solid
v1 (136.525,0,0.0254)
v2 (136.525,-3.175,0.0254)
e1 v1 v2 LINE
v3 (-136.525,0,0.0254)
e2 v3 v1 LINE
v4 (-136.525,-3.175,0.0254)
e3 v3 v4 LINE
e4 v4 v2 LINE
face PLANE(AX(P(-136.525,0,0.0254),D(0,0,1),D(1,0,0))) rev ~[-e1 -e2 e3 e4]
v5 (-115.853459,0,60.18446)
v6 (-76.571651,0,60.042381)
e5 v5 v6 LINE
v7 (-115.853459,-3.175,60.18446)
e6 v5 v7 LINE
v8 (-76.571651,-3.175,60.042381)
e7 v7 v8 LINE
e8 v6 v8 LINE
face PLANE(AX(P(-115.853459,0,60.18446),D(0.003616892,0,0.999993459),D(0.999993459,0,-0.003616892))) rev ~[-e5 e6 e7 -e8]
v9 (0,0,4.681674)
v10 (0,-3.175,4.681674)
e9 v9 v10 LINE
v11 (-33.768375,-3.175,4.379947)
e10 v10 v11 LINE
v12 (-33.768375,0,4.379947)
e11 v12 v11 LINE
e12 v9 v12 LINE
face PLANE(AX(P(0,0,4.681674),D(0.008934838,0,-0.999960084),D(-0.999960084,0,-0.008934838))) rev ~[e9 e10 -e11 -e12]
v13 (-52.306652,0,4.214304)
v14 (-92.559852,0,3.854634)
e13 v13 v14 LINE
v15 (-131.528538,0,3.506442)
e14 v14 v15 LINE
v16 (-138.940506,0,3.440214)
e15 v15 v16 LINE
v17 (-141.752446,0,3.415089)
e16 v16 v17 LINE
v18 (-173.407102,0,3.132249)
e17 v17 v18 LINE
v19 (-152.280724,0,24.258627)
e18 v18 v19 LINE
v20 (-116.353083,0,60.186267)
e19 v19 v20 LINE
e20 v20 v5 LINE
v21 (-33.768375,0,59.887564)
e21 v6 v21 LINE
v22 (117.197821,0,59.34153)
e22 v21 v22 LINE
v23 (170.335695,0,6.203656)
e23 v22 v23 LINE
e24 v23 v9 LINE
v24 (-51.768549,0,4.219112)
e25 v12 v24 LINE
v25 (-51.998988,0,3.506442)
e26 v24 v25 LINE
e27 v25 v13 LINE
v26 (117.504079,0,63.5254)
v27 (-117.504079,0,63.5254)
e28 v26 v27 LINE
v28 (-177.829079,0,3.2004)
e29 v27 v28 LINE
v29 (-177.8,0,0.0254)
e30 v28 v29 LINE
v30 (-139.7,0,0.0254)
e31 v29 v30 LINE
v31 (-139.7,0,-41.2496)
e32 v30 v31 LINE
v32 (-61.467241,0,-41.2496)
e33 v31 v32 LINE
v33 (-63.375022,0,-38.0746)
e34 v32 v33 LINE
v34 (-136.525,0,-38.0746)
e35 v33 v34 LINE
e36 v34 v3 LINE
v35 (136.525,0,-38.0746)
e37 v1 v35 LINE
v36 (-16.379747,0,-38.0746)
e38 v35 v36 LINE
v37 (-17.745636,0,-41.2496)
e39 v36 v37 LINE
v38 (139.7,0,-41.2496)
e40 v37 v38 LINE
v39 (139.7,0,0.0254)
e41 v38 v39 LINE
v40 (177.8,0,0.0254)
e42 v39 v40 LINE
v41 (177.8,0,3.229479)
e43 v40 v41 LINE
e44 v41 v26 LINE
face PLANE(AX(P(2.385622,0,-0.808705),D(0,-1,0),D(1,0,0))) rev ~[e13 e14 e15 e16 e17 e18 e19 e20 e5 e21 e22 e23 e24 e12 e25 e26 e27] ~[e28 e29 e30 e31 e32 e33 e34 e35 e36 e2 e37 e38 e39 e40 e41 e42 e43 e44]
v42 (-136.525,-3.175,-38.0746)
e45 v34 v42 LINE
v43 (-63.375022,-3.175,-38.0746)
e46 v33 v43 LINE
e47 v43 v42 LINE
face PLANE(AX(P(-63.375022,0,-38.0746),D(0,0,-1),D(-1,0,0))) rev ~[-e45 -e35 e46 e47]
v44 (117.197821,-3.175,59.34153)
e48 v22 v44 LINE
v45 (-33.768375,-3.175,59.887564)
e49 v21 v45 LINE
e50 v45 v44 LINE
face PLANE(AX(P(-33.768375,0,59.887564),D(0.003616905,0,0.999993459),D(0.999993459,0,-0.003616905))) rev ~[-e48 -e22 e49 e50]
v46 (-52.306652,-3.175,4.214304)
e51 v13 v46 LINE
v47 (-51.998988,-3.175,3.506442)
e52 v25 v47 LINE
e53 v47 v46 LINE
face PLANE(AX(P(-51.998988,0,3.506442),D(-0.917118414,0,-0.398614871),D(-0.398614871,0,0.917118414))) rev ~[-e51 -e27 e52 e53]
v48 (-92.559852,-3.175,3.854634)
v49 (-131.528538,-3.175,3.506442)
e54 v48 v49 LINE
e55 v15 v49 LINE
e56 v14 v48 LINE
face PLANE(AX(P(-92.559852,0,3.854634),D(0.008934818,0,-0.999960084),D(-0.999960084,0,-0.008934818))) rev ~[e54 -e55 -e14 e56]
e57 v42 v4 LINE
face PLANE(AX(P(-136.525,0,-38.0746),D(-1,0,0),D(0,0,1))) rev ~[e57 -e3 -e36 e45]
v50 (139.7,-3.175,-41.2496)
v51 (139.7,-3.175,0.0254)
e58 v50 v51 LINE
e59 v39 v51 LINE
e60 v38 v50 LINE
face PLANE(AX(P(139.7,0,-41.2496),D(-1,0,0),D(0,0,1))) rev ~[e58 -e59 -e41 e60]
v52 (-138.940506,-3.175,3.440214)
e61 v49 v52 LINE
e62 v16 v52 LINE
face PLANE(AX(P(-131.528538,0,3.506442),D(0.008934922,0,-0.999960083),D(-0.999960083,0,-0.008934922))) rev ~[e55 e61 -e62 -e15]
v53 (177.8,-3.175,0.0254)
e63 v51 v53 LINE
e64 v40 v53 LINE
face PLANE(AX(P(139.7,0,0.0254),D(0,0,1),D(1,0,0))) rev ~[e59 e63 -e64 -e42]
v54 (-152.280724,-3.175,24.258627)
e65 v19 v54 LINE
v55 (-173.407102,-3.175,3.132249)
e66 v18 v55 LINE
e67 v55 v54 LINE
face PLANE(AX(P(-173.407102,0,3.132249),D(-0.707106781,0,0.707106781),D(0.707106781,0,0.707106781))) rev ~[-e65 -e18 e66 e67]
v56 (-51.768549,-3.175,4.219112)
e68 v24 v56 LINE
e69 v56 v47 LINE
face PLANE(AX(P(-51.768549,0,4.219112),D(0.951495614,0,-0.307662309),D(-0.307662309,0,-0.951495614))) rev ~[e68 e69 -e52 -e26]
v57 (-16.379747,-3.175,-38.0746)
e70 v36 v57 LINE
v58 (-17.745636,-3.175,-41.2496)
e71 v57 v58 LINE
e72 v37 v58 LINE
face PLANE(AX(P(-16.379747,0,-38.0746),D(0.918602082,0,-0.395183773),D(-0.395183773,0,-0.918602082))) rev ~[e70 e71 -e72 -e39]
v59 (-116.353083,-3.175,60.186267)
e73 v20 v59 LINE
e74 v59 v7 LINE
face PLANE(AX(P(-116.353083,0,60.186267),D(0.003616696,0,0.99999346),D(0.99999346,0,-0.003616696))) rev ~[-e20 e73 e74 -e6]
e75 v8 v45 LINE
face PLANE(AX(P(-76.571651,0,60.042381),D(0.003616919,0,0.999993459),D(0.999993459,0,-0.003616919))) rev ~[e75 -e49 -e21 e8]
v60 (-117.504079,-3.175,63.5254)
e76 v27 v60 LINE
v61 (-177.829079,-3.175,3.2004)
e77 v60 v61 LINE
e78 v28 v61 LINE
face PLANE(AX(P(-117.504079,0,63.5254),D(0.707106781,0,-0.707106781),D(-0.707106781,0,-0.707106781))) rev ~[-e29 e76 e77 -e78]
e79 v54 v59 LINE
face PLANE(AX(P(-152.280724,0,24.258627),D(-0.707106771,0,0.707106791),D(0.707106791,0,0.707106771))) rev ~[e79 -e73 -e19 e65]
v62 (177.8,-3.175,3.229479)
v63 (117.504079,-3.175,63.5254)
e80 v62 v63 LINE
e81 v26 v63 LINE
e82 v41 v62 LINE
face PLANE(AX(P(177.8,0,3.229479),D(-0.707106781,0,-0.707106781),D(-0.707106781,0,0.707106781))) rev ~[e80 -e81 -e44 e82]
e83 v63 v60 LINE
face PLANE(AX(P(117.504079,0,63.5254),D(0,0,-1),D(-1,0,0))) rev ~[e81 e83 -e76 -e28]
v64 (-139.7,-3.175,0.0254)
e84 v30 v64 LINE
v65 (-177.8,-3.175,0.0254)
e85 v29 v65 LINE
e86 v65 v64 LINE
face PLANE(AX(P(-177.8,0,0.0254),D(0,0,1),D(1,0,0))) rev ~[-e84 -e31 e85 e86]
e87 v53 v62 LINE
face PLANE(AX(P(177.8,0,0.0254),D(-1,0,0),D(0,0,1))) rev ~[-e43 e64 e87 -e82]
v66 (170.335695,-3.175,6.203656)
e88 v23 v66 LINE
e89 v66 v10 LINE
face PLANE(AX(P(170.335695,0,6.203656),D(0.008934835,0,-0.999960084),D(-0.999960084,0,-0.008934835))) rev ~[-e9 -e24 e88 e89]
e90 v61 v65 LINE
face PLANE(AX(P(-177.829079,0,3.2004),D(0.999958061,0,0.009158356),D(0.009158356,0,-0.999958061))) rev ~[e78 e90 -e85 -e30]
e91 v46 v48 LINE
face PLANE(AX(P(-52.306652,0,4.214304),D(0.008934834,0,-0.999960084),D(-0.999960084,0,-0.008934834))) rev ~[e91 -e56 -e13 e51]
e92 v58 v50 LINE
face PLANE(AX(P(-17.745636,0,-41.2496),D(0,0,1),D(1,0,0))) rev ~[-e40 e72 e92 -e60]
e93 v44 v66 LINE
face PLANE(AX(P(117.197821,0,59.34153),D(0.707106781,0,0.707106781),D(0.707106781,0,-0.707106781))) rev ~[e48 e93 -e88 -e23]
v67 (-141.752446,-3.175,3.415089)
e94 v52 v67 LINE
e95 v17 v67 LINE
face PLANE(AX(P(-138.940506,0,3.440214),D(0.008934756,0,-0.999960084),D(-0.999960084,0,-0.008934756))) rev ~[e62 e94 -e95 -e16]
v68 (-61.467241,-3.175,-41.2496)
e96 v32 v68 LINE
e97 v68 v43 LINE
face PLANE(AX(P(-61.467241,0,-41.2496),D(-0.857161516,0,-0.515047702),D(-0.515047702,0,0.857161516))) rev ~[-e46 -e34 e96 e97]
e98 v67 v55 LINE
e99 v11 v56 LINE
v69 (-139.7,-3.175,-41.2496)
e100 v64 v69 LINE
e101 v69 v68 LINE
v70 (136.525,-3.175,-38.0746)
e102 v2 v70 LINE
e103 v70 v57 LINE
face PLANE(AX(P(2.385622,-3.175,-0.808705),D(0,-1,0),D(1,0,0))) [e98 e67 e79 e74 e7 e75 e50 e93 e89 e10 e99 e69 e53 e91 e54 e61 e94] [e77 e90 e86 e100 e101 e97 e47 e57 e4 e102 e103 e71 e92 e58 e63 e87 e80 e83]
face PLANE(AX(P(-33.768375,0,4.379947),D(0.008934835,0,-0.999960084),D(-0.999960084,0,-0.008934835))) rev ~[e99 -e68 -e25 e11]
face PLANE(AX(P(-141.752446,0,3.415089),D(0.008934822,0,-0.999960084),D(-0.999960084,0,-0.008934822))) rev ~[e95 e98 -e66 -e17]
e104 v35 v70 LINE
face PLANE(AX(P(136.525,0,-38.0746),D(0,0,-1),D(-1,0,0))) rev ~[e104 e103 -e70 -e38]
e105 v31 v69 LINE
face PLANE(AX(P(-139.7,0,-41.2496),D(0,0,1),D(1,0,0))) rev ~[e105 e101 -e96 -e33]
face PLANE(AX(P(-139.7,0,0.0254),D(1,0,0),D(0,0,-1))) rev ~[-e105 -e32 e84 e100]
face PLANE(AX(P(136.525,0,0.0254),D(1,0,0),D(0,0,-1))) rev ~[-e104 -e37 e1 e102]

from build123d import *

# Parameters (mm, degrees)
F1_DEPTH = 3.175


with BuildPart() as f1:
    # F0 (on Front) → F1 (new body)
    with BuildSketch(Plane.XZ):
        Polygon((-109.02407, -38.0746), (-136.525, -38.0746), (-136.525, 0.0254), (-86.268388, 0.0254), (-38.200188, 0.0254), (136.525, 0.0254), (136.525, -38.0746), (0, -38.0746), (-16.379747, -38.0746), (-17.745636, -41.2496), (139.7, -41.2496), (139.7, 0.0254), (177.8, 0.0254), (177.8, 3.229479), (117.504079, 63.5254), (-117.504079, 63.5254), (-177.829079, 3.2004), (-177.8, 0.0254), (-139.7, 0.0254), (-139.7, -41.2496), (-61.467241, -41.2496), (-63.375022, -38.0746), (-86.524069, -38.0746), align=None)
        Polygon((-141.752446, 3.415089), (-173.407102, 3.132249), (-152.280724, 24.258627), (-116.353083, 60.186267), (-115.853459, 60.18446), (-76.571651, 60.042381), (-33.768375, 59.887564), (117.197821, 59.34153), (170.335695, 6.203656), (0, 4.681674), (-33.768375, 4.379947), (-51.768549, 4.219112), (-51.998988, 3.506442), (-52.306652, 4.214304), (-92.559852, 3.854634), (-131.528538, 3.506442), (-138.940506, 3.440214), align=None, mode=Mode.SUBTRACT)
    extrude(amount=F1_DEPTH)


solid = f1.part
